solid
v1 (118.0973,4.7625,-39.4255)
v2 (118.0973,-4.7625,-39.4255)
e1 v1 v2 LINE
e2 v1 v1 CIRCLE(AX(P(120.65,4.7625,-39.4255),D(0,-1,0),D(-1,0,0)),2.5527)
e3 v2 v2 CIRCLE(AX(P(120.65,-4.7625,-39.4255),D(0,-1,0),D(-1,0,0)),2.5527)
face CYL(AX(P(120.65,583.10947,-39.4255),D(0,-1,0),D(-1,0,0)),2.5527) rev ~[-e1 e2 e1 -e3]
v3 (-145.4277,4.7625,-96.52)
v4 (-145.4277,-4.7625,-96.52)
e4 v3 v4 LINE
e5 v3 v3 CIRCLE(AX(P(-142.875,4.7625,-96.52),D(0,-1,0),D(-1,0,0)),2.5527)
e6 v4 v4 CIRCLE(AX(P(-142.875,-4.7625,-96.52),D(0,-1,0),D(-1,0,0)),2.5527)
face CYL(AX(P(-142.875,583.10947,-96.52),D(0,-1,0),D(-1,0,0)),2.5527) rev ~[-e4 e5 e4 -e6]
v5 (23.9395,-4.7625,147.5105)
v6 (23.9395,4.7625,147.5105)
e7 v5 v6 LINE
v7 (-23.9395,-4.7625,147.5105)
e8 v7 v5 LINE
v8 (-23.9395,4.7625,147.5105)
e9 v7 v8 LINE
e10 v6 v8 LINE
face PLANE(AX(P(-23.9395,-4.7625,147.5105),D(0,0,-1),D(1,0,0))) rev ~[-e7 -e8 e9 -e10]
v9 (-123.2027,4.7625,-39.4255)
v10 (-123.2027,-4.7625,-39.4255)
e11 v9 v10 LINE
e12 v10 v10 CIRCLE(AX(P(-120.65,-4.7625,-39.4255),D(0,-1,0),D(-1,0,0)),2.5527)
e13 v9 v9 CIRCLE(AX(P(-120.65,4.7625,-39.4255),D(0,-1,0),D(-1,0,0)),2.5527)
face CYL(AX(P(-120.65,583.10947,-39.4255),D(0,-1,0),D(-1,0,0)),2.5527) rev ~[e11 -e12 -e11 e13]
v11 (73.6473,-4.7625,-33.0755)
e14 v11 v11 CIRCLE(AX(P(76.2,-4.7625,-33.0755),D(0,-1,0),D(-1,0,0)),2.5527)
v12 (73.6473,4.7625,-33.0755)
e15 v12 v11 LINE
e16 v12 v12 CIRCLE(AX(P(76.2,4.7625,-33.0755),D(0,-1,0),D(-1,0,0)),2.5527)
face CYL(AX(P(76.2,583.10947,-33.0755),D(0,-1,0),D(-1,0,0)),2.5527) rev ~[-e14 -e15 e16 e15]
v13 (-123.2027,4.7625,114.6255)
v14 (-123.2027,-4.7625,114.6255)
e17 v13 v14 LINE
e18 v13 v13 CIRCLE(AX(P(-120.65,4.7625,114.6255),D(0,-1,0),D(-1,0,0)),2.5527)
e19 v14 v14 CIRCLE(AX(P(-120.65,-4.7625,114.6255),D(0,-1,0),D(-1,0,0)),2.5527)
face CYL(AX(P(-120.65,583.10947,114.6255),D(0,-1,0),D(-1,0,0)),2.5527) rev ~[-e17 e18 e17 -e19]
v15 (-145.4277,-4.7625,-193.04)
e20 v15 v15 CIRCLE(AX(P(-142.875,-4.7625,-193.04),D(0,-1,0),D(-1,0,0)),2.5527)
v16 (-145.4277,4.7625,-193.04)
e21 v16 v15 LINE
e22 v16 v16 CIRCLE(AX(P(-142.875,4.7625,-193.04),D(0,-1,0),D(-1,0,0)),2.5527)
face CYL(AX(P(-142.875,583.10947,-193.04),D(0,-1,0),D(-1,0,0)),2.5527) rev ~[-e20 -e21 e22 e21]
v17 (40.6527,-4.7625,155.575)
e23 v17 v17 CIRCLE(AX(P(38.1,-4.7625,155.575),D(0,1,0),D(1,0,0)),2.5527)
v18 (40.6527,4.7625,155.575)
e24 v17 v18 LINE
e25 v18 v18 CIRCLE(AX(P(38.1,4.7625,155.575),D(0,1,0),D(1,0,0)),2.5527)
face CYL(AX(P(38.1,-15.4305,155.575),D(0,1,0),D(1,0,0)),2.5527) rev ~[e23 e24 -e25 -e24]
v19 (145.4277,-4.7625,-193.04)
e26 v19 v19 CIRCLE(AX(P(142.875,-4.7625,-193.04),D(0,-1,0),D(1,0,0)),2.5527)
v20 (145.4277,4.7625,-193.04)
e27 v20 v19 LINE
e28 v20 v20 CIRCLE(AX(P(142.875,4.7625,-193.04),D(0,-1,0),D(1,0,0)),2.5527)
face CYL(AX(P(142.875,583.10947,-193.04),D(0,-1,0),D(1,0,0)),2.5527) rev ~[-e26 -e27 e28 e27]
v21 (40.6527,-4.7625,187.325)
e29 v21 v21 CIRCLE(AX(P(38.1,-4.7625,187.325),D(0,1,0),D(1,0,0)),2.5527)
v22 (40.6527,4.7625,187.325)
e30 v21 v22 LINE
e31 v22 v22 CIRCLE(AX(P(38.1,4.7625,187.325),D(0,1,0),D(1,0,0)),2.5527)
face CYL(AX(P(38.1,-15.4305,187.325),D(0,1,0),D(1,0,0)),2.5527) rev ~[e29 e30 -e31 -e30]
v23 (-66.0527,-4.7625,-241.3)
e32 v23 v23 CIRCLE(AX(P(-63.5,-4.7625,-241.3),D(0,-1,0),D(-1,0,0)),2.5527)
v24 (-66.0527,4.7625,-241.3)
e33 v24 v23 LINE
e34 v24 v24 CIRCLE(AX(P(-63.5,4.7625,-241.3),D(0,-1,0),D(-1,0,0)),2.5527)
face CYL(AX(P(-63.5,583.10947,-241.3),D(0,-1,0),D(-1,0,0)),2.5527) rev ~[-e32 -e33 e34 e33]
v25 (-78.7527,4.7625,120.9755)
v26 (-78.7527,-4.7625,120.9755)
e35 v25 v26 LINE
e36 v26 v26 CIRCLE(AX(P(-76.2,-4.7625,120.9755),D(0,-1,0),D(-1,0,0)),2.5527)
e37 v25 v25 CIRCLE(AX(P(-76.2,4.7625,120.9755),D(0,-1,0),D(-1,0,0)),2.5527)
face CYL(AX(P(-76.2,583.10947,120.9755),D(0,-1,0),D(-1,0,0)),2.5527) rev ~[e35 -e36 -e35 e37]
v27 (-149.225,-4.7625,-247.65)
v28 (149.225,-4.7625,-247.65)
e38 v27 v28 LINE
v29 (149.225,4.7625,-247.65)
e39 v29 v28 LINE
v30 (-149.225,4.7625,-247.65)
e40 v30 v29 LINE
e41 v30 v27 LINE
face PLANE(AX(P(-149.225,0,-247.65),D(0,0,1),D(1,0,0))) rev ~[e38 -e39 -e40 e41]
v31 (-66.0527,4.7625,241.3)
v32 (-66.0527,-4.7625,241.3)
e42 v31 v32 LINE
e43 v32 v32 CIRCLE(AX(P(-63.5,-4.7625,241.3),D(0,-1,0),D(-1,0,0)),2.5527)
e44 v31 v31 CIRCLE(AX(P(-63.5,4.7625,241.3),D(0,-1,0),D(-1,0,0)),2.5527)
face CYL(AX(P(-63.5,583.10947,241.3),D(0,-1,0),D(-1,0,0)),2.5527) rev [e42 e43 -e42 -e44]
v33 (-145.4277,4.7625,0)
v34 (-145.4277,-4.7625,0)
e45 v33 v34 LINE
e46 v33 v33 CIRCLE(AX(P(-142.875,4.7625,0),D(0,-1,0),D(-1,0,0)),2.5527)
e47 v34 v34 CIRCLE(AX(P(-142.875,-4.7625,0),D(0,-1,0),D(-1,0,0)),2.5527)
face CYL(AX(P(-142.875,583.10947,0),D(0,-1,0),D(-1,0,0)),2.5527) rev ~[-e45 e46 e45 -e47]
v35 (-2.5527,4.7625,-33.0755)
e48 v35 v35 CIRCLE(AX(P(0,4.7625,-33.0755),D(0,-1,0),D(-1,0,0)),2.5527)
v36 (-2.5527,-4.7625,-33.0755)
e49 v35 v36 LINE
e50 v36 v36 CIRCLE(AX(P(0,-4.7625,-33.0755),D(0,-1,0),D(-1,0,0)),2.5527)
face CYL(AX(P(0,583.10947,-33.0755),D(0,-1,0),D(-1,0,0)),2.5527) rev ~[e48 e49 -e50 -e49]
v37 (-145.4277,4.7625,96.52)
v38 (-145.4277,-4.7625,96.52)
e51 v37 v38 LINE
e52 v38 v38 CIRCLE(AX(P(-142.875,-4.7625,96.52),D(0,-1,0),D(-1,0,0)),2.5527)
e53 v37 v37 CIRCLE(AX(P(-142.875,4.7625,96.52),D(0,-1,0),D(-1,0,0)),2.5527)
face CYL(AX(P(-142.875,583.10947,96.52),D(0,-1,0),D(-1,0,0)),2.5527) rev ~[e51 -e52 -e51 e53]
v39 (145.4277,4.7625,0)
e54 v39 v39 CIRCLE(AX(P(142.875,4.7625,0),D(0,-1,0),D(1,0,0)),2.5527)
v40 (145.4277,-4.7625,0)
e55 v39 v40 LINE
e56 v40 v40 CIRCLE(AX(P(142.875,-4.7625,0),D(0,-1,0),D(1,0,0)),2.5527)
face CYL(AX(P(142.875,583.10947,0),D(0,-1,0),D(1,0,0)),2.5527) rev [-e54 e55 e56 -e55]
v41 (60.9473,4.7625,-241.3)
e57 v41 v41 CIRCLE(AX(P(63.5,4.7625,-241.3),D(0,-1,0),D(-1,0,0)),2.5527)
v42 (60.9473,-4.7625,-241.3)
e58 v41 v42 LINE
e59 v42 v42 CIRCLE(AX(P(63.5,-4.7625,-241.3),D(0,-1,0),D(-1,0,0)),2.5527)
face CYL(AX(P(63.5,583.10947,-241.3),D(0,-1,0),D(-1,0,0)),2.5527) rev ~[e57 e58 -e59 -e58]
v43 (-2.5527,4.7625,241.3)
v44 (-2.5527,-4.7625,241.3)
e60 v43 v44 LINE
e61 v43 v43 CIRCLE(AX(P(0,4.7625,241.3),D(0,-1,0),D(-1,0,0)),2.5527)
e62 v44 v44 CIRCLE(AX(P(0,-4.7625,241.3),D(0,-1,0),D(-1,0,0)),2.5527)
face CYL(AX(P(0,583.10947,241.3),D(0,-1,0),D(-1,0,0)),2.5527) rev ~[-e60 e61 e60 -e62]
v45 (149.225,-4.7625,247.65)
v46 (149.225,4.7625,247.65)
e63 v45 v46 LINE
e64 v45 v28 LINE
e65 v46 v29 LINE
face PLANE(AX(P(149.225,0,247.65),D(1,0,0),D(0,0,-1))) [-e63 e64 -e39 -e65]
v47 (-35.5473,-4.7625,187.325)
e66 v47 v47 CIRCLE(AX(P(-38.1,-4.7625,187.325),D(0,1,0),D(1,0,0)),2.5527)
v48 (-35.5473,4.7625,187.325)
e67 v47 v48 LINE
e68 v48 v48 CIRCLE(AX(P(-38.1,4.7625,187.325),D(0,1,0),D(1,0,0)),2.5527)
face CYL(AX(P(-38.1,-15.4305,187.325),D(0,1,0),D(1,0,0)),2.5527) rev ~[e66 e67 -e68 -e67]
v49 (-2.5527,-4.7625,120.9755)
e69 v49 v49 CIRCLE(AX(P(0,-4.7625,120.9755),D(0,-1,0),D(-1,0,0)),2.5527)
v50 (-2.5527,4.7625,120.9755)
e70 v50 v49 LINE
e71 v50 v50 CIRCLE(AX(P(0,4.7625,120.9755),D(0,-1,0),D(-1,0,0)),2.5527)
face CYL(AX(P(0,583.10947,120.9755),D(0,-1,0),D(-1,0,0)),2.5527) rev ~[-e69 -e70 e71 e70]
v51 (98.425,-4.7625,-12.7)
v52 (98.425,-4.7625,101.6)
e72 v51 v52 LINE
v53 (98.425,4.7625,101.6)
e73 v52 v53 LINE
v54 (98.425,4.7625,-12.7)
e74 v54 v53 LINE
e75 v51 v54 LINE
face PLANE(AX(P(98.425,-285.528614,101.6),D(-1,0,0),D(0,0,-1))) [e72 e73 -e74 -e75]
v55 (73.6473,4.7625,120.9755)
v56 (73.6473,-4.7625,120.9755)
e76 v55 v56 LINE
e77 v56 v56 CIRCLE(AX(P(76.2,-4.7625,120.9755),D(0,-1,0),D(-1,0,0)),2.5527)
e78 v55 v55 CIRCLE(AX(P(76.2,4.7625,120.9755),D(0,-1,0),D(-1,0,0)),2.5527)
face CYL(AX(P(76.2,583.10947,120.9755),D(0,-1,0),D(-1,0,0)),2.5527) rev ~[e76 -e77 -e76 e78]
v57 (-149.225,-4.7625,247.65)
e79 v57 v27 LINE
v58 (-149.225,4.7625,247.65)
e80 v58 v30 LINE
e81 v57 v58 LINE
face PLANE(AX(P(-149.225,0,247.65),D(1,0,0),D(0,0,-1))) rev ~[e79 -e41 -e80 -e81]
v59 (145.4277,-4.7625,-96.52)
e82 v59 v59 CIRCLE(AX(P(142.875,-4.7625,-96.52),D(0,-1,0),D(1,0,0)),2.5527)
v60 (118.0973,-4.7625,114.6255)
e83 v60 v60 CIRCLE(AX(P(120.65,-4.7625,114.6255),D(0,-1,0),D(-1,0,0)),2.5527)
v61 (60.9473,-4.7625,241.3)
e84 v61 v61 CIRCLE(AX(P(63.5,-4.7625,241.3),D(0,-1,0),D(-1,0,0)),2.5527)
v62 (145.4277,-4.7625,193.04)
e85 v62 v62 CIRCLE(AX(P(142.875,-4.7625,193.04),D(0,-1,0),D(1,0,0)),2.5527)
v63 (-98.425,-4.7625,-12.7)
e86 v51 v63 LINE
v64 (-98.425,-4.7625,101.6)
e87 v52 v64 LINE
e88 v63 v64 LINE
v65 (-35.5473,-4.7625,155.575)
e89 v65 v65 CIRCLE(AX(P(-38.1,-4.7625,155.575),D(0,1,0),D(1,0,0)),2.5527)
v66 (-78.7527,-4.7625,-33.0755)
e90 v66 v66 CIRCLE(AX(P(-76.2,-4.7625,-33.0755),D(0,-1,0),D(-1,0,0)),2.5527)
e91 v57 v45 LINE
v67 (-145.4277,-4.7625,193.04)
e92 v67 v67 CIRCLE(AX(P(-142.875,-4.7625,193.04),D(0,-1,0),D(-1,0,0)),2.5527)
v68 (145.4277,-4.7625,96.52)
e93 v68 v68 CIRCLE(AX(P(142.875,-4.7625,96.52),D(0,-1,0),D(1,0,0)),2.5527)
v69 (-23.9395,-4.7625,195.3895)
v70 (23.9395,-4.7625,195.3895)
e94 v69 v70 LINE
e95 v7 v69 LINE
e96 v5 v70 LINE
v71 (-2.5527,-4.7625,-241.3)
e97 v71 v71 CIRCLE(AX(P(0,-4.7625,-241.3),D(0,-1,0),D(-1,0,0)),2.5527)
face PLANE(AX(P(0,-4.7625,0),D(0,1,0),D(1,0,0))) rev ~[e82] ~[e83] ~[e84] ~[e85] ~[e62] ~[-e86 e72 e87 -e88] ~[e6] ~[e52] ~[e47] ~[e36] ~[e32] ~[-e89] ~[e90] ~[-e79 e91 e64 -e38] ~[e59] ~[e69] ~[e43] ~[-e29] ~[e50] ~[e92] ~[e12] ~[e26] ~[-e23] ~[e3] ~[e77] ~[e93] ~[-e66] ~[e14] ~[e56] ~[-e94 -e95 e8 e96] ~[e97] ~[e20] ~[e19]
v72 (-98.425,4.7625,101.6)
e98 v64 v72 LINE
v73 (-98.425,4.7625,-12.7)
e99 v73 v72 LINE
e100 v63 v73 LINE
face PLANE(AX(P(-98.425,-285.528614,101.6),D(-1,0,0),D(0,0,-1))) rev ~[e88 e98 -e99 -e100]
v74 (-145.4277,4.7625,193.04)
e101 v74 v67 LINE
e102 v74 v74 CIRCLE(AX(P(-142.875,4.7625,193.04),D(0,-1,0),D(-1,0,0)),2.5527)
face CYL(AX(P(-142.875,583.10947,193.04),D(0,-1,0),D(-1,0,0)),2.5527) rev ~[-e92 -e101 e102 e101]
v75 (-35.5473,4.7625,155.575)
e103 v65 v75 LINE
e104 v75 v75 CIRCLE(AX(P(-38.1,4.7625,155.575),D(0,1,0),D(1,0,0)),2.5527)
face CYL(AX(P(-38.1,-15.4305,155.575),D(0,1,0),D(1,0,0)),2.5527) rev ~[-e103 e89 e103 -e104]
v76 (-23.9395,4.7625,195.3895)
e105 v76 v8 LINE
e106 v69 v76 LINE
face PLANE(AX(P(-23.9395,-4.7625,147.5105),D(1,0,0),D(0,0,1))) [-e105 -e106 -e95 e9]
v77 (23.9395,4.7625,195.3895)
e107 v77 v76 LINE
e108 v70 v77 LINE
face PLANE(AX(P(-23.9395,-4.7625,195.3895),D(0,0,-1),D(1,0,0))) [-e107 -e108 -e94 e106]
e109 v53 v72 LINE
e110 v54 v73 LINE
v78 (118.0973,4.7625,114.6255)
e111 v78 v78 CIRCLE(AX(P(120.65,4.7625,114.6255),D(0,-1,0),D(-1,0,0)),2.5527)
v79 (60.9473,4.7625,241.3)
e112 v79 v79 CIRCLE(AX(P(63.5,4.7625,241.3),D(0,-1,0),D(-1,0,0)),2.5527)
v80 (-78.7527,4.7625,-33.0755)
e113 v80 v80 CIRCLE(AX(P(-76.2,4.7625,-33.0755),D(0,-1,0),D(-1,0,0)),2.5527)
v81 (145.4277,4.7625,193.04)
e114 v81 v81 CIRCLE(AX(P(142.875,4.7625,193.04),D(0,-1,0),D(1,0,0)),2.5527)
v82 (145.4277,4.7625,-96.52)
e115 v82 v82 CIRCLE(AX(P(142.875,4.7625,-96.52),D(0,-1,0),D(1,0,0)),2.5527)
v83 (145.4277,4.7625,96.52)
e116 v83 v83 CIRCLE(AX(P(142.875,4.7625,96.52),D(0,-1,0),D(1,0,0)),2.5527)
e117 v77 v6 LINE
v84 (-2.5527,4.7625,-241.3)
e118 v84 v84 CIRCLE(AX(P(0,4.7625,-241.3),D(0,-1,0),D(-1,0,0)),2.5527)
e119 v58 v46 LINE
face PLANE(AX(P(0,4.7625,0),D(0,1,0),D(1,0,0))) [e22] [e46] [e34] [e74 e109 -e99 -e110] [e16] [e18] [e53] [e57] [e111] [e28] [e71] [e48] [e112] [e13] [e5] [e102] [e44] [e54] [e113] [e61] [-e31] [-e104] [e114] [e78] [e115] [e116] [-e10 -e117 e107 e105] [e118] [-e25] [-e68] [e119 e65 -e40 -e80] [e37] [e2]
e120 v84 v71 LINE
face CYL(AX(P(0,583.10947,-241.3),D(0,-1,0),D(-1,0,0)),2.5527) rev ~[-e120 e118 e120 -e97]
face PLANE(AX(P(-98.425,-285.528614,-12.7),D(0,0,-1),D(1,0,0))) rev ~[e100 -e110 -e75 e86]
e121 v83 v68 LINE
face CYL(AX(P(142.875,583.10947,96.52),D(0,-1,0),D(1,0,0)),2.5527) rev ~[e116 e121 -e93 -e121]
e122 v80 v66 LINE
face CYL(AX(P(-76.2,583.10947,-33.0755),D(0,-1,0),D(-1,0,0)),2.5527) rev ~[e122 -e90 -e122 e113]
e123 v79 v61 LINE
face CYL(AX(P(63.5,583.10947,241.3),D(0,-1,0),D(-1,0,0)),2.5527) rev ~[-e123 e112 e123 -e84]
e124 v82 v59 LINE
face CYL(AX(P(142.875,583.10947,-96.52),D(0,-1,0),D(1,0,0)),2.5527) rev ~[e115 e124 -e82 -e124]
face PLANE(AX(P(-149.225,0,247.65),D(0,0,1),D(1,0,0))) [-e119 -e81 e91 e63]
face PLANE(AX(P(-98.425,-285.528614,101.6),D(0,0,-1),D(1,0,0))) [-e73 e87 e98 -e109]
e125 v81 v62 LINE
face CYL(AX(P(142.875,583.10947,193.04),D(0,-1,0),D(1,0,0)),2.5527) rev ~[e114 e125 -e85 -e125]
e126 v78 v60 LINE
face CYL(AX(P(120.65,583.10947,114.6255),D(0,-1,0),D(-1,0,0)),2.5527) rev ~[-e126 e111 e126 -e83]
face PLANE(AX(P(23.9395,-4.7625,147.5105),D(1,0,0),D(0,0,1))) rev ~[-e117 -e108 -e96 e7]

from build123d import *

# Parameters (mm, degrees)
SKETCH1_W                  = 298.45
SKETCH1_H                  = 495.3
BOSS_EXTRUDE1_DEPTH        = 4.7625
CUT_EXTRUDE1_DEPTH         = 290.291114191
CUT_EXTRUDE1_DEPTH_BACK    = 290.291114191
SKETCH3_W                  = 196.85
SKETCH3_H                  = 114.3
SKETCH20_W                 = 47.879
SKETCH20_H                 = 47.879
CUT_EXTRUDE5_DEPTH         = 290.291114191
F_10_CLEARANCE_HOLE1_D     = 5.1054
F_10_CLEARANCE_HOLE1_DEPTH = 10.668
F_10_CLEARANCE_HOLE1_TIP   = 1.533816902
F_10_CLEARANCE_HOLE4_D     = 5.1054
LPATTERN3_COUNT            = 3
LPATTERN3_PITCH            = 63.5
MIRROR2_COPY_1_D           = 5.1054
MIRROR2_COPY_2_D           = 5.1054
F_10_CLEARANCE_HOLE5_D     = 5.1054
LPATTERN4_COUNT            = 3
LPATTERN4_PITCH            = 96.52
LPATTERN4_COL_COUNT        = 3
LPATTERN4_COL_PITCH        = 96.52
MIRROR3_COPY_1_D           = 5.1054
MIRROR3_COPY_2_D           = 5.1054
MIRROR3_COPY_3_D           = 5.1054
MIRROR3_COPY_4_D           = 5.1054
F_10_CLEARANCE_HOLE6_D     = 5.1054
F_10_CLEARANCE_HOLE7_D     = 5.1054


with BuildPart() as part:
    # Sketch1 → Boss-Extrude1 (new, symmetric)
    with BuildSketch(Plane(origin=(0, 0, 0), x_dir=(1, 0, 0), z_dir=(0, 1, 0))):
        Rectangle(SKETCH1_W, SKETCH1_H)
    extrude(amount=BOSS_EXTRUDE1_DEPTH, both=True)

    # Sketch3 → Cut-Extrude1 (cut, two sides: drawn at the far end of the back side and taken through both)
    with BuildSketch(Plane(origin=(0, 4.7625, 0), x_dir=(1, 0, 0), z_dir=(0, 1, 0)).offset(-CUT_EXTRUDE1_DEPTH_BACK)):
        with Locations((0, -44.45)):
            Rectangle(SKETCH3_W, SKETCH3_H)
    extrude(amount=CUT_EXTRUDE1_DEPTH + CUT_EXTRUDE1_DEPTH_BACK, mode=Mode.SUBTRACT)

    # Sketch20 → Cut-Extrude5 (cut, through all)
    with BuildSketch(Plane.XZ.offset(4.7625)):
        with Locations((0, 171.45)):
            Rectangle(SKETCH20_W, SKETCH20_H)
    extrude(amount=-CUT_EXTRUDE5_DEPTH, mode=Mode.SUBTRACT)

    # #10 Clearance Hole1
    with Locations(Plane(origin=(0, -4.7625, 0), x_dir=(-1, 0, 0), z_dir=(0, -1, 0))):
        with Locations((-38.1, -155.575), (38.1, -155.575), (38.1, -187.325), (-38.1, -187.325)):
            Hole(F_10_CLEARANCE_HOLE1_D / 2, depth=F_10_CLEARANCE_HOLE1_DEPTH)
            with Locations((0, 0, -(F_10_CLEARANCE_HOLE1_DEPTH + F_10_CLEARANCE_HOLE1_TIP / 2))):  # 118° drill point
                Cone(0, F_10_CLEARANCE_HOLE1_D / 2, F_10_CLEARANCE_HOLE1_TIP, mode=Mode.SUBTRACT)

    # #10 Clearance Hole4 (through all)
    with Locations(Plane(origin=(0, 4.7625, 0), x_dir=(1, 0, 0), z_dir=(0, 1, 0))):
        with Locations((-63.5, 241.3)):
            f_10_clearance_hole4 = Hole(F_10_CLEARANCE_HOLE4_D / 2)

    # LPattern3: #10 Clearance Hole4 ×3
    with Locations(*[(i * LPATTERN3_PITCH, 0, 0) for i in range(1, LPATTERN3_COUNT)]):
        add(f_10_clearance_hole4, mode=Mode.SUBTRACT)

    # Mirror2: #10 Clearance Hole4 across plane
    add(f_10_clearance_hole4.mirror(Plane.XY), mode=Mode.SUBTRACT)

    # Mirror2 copy 1 (through all)
    with Locations(Plane(origin=(63.5, 4.7625, 0), x_dir=(1, 0, 0), z_dir=(0, 1, 0))):
        with Locations((-63.5, -241.3)):
            Hole(MIRROR2_COPY_1_D / 2)

    # Mirror2 copy 2 (through all)
    with Locations(Plane(origin=(127, 4.7625, 0), x_dir=(1, 0, 0), z_dir=(0, 1, 0))):
        with Locations((-63.5, -241.3)):
            Hole(MIRROR2_COPY_2_D / 2)

    # #10 Clearance Hole5 (through all)
    with Locations(Plane(origin=(0, 4.7625, 0), x_dir=(1, 0, 0), z_dir=(0, 1, 0))):
        with Locations((-142.875, 0)):
            f_10_clearance_hole5 = Hole(F_10_CLEARANCE_HOLE5_D / 2)

    # LPattern4: #10 Clearance Hole5 ×3
    with Locations(*[(0, 0, -i * LPATTERN4_PITCH) for i in range(1, LPATTERN4_COUNT)]):
        add(f_10_clearance_hole5, mode=Mode.SUBTRACT)

    # LPattern4 col: #10 Clearance Hole5 ×3
    with Locations(*[(0, 0, i * LPATTERN4_COL_PITCH) for i in range(1, LPATTERN4_COL_COUNT)]):
        add(f_10_clearance_hole5, mode=Mode.SUBTRACT)

    # Mirror3: #10 Clearance Hole5 across plane
    add(f_10_clearance_hole5.mirror(Plane(origin=(0, 0, 0), x_dir=(0, 0, 1), z_dir=(1, 0, 0))), mode=Mode.SUBTRACT)

    # Mirror3 copy 1 (through all)
    with Locations(Plane(origin=(0, 4.7625, -96.52), x_dir=(-1, 0, 0), z_dir=(0, 1, 0))):
        with Locations((-142.875, 0)):
            Hole(MIRROR3_COPY_1_D / 2)

    # Mirror3 copy 2 (through all)
    with Locations(Plane(origin=(0, 4.7625, -193.04), x_dir=(-1, 0, 0), z_dir=(0, 1, 0))):
        with Locations((-142.875, 0)):
            Hole(MIRROR3_COPY_2_D / 2)

    # Mirror3 copy 3 (through all)
    with Locations(Plane(origin=(0, 4.7625, 96.52), x_dir=(-1, 0, 0), z_dir=(0, 1, 0))):
        with Locations((-142.875, 0)):
            Hole(MIRROR3_COPY_3_D / 2)

    # Mirror3 copy 4 (through all)
    with Locations(Plane(origin=(0, 4.7625, 193.04), x_dir=(-1, 0, 0), z_dir=(0, 1, 0))):
        with Locations((-142.875, 0)):
            Hole(MIRROR3_COPY_4_D / 2)

    # #10 Clearance Hole6 (through all)
    with Locations(Plane(origin=(0, 4.7625, 0), x_dir=(1, 0, 0), z_dir=(0, 1, 0))):
        with Locations((120.65, 39.4255), (120.65, -114.6255), (-120.65, -114.6255), (-120.65, 39.4255)):
            Hole(F_10_CLEARANCE_HOLE6_D / 2)

    # #10 Clearance Hole7 (through all)
    with Locations(Plane(origin=(0, 4.7625, 0), x_dir=(1, 0, 0), z_dir=(0, 1, 0))):
        with Locations((76.2, 33.0755), (0, 33.0755), (-76.2, 33.0755), (-76.2, -120.9755), (0, -120.9755), (76.2, -120.9755)):
            Hole(F_10_CLEARANCE_HOLE7_D / 2)


solid = part.part
